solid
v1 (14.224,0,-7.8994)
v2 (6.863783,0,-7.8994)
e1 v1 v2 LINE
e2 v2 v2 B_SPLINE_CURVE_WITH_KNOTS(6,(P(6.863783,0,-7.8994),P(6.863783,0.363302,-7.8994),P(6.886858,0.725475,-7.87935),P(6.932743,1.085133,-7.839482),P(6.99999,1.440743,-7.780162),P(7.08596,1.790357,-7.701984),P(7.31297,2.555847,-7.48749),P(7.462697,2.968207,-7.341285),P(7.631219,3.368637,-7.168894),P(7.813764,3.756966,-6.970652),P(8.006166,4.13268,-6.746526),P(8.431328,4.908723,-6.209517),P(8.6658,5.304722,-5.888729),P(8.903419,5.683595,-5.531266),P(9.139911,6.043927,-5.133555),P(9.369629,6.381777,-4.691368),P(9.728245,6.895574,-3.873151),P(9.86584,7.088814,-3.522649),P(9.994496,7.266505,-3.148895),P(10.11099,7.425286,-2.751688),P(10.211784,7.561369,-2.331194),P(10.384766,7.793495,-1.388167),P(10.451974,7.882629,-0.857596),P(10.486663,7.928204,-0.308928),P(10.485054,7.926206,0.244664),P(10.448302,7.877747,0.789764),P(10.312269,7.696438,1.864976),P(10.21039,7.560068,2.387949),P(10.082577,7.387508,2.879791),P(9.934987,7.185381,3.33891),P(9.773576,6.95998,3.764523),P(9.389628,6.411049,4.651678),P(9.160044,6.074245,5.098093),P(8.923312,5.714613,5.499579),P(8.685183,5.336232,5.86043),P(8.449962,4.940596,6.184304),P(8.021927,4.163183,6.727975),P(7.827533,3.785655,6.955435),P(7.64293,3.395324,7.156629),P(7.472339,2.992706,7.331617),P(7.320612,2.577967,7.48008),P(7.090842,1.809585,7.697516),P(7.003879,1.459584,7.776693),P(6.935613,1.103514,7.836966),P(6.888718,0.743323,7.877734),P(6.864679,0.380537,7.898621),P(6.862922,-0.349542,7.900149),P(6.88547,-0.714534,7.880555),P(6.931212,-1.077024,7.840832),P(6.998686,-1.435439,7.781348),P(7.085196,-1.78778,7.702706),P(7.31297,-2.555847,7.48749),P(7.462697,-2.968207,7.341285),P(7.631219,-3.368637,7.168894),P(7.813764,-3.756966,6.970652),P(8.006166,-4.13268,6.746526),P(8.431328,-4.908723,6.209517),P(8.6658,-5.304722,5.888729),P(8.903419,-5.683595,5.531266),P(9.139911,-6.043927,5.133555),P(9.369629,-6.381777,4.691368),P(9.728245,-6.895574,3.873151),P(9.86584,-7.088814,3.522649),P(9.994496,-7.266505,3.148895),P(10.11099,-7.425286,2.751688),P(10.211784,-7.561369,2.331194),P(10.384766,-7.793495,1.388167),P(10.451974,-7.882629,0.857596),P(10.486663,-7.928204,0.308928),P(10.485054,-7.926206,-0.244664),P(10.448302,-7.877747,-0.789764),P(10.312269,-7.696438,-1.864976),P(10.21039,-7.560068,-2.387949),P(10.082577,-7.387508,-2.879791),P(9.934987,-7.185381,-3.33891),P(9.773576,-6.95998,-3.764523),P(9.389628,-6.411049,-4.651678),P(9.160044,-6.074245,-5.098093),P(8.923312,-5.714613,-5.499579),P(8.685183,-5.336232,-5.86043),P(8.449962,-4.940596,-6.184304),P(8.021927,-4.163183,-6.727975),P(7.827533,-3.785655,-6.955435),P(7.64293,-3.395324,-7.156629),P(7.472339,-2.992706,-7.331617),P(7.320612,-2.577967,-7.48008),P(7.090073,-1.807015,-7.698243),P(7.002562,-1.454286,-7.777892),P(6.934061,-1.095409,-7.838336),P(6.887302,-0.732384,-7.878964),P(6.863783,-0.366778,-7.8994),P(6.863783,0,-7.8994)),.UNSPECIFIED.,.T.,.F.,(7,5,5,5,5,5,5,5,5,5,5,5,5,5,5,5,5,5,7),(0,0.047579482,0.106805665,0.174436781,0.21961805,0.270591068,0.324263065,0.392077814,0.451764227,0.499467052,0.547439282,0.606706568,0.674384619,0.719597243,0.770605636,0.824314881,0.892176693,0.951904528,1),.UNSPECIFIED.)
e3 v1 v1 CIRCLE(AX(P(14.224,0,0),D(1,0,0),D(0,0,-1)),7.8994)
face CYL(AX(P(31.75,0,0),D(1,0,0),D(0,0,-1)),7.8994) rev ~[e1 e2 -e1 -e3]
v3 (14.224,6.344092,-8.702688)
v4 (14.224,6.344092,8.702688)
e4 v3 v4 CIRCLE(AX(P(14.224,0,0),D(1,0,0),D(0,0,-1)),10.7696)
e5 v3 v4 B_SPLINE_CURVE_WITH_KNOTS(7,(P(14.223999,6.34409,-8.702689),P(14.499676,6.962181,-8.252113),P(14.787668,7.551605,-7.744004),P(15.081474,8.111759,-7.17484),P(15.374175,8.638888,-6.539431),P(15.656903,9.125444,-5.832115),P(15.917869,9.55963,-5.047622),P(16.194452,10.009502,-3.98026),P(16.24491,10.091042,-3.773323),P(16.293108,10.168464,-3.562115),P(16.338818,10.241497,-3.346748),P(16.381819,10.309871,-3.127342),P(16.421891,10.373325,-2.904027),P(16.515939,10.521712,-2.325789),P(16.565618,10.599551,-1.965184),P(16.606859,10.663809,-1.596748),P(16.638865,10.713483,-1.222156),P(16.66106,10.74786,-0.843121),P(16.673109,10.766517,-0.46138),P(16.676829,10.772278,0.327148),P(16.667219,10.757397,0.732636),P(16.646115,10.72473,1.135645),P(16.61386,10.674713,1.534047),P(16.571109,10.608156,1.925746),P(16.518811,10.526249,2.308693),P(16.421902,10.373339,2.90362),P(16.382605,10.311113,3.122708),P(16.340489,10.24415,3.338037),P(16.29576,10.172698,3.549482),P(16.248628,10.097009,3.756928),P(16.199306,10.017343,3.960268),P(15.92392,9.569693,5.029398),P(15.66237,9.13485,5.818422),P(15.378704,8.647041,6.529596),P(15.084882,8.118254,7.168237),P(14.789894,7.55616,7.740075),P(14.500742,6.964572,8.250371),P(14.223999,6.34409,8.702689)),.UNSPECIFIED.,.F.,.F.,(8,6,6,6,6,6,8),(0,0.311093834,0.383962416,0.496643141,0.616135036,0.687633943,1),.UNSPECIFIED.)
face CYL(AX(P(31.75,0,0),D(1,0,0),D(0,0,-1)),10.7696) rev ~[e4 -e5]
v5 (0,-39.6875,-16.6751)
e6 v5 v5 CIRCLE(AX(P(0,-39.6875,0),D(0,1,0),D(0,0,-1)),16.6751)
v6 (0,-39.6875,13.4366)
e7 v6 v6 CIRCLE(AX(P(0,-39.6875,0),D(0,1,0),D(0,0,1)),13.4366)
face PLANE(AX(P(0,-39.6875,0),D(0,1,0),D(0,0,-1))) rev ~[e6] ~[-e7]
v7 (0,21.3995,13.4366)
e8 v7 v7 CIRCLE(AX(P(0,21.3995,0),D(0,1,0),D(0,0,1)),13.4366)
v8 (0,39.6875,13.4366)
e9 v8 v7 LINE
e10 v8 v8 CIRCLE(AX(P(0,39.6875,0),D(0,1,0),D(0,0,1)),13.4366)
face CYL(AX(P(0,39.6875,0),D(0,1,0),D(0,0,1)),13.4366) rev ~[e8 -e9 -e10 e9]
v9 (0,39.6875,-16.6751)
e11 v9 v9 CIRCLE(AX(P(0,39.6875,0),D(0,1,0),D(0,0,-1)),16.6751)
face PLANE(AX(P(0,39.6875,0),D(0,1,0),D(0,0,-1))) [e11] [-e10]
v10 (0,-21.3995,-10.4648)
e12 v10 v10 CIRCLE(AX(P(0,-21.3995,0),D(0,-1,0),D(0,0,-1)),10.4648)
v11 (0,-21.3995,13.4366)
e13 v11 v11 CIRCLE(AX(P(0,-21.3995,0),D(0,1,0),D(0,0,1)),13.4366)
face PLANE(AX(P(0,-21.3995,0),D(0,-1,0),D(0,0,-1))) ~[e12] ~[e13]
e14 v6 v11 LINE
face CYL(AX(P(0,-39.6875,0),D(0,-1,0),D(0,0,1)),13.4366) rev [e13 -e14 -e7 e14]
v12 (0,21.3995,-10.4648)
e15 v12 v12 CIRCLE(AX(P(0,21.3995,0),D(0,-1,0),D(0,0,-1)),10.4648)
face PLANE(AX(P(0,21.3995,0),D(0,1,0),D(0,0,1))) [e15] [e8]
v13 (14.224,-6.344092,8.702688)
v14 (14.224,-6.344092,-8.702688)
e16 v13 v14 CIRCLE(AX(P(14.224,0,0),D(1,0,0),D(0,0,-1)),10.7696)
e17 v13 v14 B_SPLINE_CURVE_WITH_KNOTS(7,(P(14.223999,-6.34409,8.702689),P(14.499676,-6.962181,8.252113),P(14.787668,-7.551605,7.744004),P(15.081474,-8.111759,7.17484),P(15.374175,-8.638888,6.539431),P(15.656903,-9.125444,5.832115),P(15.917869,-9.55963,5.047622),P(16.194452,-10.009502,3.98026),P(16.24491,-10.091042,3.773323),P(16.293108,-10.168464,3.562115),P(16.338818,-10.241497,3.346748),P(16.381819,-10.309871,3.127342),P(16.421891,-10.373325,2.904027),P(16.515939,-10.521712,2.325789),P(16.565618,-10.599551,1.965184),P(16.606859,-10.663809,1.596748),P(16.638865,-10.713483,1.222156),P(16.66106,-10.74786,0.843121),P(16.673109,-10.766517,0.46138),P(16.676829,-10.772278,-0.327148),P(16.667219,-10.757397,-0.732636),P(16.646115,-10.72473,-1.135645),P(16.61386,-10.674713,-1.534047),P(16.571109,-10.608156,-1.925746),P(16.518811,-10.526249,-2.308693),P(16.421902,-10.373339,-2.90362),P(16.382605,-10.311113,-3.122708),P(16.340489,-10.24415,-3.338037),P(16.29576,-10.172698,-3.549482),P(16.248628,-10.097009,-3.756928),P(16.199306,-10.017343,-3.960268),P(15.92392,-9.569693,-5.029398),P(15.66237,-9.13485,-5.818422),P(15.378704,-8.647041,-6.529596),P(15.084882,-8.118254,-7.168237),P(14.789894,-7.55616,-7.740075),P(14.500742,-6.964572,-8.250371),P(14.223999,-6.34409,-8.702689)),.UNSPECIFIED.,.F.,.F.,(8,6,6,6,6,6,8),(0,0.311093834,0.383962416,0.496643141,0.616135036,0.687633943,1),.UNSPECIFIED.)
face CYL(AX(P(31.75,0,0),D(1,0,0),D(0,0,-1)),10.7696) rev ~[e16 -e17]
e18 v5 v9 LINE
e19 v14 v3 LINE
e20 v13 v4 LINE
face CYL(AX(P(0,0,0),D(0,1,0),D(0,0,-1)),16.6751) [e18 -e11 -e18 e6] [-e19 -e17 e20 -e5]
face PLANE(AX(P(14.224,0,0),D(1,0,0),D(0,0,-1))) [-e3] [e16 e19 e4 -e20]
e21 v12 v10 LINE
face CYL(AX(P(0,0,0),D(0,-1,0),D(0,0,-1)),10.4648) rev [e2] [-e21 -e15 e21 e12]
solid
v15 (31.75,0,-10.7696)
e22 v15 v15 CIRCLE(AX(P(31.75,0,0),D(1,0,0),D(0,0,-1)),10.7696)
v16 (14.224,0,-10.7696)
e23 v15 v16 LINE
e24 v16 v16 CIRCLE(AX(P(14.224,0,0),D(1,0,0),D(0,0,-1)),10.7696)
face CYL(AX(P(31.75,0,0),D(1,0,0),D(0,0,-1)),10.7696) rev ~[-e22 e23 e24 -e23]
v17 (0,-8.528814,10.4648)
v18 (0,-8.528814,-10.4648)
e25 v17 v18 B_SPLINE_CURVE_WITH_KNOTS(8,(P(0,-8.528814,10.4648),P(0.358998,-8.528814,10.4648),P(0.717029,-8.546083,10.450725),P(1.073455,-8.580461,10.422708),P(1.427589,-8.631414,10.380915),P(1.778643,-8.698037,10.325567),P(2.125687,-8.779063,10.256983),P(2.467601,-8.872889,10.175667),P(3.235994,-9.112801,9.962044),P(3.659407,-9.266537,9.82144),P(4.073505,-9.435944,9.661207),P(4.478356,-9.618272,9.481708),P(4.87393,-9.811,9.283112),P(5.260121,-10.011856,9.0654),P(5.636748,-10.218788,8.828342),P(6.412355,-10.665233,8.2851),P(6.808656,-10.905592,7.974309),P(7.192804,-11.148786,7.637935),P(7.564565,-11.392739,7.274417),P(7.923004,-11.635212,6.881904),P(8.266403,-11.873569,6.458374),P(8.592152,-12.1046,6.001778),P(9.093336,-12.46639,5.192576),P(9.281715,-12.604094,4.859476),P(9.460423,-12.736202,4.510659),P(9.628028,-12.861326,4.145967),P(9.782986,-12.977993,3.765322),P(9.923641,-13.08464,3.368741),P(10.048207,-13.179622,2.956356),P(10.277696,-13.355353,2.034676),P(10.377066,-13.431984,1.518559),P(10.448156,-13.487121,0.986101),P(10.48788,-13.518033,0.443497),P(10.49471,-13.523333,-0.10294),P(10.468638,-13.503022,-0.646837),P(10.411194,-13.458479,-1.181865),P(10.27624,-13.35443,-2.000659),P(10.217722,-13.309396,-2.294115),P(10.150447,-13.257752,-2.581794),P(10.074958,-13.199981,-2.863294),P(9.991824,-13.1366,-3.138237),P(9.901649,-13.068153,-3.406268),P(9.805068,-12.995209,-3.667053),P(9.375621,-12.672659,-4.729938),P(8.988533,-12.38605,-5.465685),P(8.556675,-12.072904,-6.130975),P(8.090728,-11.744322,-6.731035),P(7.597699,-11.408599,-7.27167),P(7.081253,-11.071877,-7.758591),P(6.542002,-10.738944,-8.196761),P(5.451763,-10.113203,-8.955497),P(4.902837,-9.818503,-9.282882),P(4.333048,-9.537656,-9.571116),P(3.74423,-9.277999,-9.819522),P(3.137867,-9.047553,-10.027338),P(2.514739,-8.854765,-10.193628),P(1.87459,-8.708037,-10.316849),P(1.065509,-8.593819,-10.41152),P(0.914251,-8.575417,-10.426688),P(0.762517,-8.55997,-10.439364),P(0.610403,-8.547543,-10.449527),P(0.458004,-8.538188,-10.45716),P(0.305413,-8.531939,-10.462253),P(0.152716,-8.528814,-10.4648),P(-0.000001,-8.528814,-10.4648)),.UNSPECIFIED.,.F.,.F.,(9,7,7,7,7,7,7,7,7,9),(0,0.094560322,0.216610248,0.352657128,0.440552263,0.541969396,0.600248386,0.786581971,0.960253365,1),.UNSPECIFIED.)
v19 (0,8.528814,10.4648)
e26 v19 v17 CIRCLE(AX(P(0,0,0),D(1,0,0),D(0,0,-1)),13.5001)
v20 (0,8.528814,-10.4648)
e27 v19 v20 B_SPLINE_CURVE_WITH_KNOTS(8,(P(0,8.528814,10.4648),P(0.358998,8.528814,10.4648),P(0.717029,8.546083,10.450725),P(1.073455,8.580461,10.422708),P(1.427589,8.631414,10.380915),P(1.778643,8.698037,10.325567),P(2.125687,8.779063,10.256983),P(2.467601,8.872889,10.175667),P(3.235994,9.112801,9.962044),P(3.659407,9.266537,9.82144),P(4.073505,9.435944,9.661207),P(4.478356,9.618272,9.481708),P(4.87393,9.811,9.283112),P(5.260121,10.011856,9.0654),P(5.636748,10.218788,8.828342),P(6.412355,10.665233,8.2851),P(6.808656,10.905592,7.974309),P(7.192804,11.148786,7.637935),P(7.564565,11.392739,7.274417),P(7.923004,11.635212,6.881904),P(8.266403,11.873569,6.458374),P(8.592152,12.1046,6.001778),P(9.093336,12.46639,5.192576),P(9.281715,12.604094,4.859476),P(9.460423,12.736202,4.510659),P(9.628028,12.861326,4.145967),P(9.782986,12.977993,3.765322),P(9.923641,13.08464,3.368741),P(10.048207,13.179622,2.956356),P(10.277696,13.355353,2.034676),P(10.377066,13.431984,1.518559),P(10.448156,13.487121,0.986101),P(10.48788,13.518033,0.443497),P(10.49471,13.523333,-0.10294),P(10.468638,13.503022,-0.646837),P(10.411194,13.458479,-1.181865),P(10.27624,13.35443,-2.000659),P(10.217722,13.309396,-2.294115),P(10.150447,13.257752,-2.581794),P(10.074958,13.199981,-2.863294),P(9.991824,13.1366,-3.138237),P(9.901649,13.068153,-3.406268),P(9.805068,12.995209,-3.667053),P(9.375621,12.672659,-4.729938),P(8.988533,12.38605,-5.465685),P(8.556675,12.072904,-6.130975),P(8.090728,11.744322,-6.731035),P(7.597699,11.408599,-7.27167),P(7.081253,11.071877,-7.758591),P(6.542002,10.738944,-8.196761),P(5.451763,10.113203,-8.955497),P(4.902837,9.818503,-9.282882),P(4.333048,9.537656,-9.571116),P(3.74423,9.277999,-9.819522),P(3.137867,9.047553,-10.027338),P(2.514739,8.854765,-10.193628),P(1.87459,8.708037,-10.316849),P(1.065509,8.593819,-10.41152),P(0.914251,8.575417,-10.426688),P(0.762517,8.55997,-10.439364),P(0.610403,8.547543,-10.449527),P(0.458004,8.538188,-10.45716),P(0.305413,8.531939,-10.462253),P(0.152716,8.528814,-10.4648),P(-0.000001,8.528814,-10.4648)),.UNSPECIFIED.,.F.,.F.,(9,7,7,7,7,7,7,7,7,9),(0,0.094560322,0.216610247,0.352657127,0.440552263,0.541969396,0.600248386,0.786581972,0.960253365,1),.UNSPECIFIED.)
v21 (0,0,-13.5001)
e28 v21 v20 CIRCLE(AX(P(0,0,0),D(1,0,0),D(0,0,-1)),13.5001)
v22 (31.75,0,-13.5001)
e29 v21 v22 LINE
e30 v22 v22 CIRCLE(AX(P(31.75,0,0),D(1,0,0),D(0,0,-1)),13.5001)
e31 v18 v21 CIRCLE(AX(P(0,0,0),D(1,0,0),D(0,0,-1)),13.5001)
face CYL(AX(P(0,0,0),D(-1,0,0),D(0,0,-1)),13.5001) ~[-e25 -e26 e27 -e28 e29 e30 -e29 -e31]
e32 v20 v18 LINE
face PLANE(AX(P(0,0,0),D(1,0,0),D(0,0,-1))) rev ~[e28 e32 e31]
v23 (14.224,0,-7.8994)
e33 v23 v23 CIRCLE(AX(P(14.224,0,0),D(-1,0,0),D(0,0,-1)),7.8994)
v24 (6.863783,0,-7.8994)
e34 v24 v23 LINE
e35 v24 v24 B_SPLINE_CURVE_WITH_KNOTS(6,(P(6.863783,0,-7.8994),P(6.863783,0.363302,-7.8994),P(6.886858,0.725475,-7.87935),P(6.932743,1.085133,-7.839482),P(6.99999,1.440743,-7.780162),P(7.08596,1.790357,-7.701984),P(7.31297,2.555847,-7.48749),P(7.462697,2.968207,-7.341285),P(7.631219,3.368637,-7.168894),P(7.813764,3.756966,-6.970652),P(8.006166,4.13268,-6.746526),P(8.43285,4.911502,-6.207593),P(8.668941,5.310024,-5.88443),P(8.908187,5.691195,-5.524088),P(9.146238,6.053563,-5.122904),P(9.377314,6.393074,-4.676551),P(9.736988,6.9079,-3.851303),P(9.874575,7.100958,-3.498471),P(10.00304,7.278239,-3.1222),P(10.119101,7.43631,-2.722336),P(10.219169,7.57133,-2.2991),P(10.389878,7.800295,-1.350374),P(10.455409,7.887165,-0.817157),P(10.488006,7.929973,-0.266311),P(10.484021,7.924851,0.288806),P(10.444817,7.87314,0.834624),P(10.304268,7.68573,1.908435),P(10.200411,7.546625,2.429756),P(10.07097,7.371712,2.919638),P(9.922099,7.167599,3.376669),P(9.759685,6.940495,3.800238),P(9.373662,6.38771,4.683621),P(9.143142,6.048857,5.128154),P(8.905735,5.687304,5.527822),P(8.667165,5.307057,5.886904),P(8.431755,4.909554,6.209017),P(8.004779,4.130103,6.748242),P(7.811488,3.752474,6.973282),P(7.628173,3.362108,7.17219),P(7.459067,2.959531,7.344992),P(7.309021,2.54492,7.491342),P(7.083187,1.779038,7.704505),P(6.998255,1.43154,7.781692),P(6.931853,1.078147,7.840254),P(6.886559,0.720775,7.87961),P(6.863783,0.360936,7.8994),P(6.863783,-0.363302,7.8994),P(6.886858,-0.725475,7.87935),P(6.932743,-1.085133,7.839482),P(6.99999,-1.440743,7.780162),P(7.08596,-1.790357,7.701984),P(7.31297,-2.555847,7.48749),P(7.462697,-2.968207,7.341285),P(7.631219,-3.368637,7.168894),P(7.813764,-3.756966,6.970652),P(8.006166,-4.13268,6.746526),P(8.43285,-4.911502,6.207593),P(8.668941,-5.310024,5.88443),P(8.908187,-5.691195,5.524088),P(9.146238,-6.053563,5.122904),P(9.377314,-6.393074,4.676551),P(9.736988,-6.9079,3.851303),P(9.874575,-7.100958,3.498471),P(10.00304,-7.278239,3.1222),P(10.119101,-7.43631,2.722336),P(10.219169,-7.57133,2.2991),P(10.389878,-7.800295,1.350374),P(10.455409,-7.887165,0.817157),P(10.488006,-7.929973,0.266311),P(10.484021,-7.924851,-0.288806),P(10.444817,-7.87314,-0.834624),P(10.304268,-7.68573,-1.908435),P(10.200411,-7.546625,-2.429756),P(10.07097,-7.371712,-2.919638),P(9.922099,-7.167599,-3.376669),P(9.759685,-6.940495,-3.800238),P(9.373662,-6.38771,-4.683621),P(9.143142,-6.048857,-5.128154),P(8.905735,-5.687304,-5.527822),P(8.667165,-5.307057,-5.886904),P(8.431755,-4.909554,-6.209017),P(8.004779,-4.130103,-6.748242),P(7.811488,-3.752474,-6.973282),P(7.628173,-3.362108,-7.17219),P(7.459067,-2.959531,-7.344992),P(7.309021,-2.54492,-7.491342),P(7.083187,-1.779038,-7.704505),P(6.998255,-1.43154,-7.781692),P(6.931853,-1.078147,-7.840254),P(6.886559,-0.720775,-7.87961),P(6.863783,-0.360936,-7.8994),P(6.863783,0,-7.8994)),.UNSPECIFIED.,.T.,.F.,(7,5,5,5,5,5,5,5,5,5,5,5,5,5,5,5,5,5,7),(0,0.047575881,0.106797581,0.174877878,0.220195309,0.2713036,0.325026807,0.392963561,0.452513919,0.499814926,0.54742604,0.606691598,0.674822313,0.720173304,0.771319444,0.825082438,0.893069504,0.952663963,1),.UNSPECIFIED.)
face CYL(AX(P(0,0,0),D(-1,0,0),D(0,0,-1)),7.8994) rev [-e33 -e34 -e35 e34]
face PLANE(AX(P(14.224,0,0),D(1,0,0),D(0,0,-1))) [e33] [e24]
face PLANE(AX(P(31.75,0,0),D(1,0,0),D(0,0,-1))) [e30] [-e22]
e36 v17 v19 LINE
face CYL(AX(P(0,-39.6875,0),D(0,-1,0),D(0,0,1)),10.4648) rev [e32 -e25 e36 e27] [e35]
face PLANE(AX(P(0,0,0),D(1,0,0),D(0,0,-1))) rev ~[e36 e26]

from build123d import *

# Parameters (mm, degrees)
SKETCH1_R               = 16.6751
SKETCH1_R_2             = 10.4648
BOSS_EXTRUDE1_DEPTH     = 39.6875
SKETCH2_R               = 13.5001
SKETCH2_R_2             = 7.8994
BOSS_EXTRUDE2_DEPTH     = 31.75
CUT_EXTRUDE3_REACH      = 66.793
CUT_EXTRUDE3_END_RADIUS = 10.4648
SKETCH4_R               = 7.8994
CUT_EXTRUDE4_START      = -79.375
SKETCH5_R               = 10.4648
CUT_EXTRUDE4_DEPTH      = 79.375
SKETCH6_R               = 10.7696
CUT_EXTRUDE5_DEPTH      = 17.526
SKETCH8_R               = 13.4366
CUT_EXTRUDE6_DEPTH      = 18.288


with BuildPart() as part:
    # Sketch1 → Boss-Extrude1 (new, symmetric)
    with BuildSketch(Plane(origin=(0, 0, 0), x_dir=(1, 0, 0), z_dir=(0, 1, 0))):
        with Locations(Location((0, 0, 0), (0, 0, 90))):
            Circle(SKETCH1_R)
        with Locations(Location((0, 0, 0), (0, 0, 90))):
            Circle(SKETCH1_R_2, mode=Mode.SUBTRACT)
    extrude(amount=BOSS_EXTRUDE1_DEPTH, both=True)

    # Cut-Extrude3: up to this cylinder (the profile starts outside it)
    cut_extrude3_end = Plane(origin=(0, 0, 0), z_dir=(0, -1, 0)) * Cylinder(CUT_EXTRUDE3_END_RADIUS, 155.5156, mode=Mode.PRIVATE)
    # Sketch4 → Cut-Extrude3 (cut, up to the surface)
    with BuildSketch(Plane(origin=(31.75, 0, 0), x_dir=(0, 0, -1), z_dir=(1, 0, 0)), mode=Mode.PRIVATE) as cut_extrude3_sk1:
        Circle(SKETCH4_R)
    cut_extrude3_tool1 = extrude(cut_extrude3_sk1.sketch, amount=-CUT_EXTRUDE3_REACH, mode=Mode.PRIVATE) - cut_extrude3_end
    add(cut_extrude3_tool1.solids().sort_by_distance((31.75, 0, 0))[0], mode=Mode.SUBTRACT)


with BuildPart() as body_2:
    # Sketch2 → Boss-Extrude2 (new body)
    with BuildSketch(Plane(origin=(0, 0, 0), x_dir=(0, 0, -1), z_dir=(1, 0, 0))):
        Circle(SKETCH2_R)
        Circle(SKETCH2_R_2, mode=Mode.SUBTRACT)
    extrude(amount=BOSS_EXTRUDE2_DEPTH)

    # Sketch5 → Cut-Extrude4 (cut)
    with BuildSketch(Plane(origin=(0, 39.6875, 0), x_dir=(1, 0, 0), z_dir=(0, 1, 0)).offset(CUT_EXTRUDE4_START)):
        with Locations(Location((0, 0, 0), (0, 0, 270))):
            Circle(SKETCH5_R)
    extrude(amount=CUT_EXTRUDE4_DEPTH, mode=Mode.SUBTRACT)


with BuildPart() as cut_extrude5_tool:
    # Sketch6 → Cut-Extrude5 (new body)
    with BuildSketch(Plane(origin=(31.75, 0, 0), x_dir=(0, 0, -1), z_dir=(1, 0, 0))):
        Circle(SKETCH6_R)
    extrude(amount=-CUT_EXTRUDE5_DEPTH)


with BuildPart() as part_1:
    add(part.part)

    # Cut-Extrude5: cut by cut_extrude5_tool
    add(cut_extrude5_tool.part, mode=Mode.SUBTRACT)

    # Sketch8 → Cut-Extrude6 (cut)
    with BuildSketch(Plane(origin=(0, 39.6875, 0), x_dir=(1, 0, 0), z_dir=(0, 1, 0))):
        with Locations(Location((0, 0, 0), (0, 0, 270))):
            Circle(SKETCH8_R)
    cut_extrude6 = extrude(amount=-CUT_EXTRUDE6_DEPTH, mode=Mode.SUBTRACT)

    # Mirror1: Cut-Extrude6 across plane
    add(cut_extrude6.mirror(Plane.ZX), mode=Mode.SUBTRACT)


with BuildPart() as body_2_1:
    add(body_2.part)

    # Cut-Extrude5: cut by cut_extrude5_tool
    add(cut_extrude5_tool.part, mode=Mode.SUBTRACT)


solid = Compound([part_1.part, body_2_1.part])
